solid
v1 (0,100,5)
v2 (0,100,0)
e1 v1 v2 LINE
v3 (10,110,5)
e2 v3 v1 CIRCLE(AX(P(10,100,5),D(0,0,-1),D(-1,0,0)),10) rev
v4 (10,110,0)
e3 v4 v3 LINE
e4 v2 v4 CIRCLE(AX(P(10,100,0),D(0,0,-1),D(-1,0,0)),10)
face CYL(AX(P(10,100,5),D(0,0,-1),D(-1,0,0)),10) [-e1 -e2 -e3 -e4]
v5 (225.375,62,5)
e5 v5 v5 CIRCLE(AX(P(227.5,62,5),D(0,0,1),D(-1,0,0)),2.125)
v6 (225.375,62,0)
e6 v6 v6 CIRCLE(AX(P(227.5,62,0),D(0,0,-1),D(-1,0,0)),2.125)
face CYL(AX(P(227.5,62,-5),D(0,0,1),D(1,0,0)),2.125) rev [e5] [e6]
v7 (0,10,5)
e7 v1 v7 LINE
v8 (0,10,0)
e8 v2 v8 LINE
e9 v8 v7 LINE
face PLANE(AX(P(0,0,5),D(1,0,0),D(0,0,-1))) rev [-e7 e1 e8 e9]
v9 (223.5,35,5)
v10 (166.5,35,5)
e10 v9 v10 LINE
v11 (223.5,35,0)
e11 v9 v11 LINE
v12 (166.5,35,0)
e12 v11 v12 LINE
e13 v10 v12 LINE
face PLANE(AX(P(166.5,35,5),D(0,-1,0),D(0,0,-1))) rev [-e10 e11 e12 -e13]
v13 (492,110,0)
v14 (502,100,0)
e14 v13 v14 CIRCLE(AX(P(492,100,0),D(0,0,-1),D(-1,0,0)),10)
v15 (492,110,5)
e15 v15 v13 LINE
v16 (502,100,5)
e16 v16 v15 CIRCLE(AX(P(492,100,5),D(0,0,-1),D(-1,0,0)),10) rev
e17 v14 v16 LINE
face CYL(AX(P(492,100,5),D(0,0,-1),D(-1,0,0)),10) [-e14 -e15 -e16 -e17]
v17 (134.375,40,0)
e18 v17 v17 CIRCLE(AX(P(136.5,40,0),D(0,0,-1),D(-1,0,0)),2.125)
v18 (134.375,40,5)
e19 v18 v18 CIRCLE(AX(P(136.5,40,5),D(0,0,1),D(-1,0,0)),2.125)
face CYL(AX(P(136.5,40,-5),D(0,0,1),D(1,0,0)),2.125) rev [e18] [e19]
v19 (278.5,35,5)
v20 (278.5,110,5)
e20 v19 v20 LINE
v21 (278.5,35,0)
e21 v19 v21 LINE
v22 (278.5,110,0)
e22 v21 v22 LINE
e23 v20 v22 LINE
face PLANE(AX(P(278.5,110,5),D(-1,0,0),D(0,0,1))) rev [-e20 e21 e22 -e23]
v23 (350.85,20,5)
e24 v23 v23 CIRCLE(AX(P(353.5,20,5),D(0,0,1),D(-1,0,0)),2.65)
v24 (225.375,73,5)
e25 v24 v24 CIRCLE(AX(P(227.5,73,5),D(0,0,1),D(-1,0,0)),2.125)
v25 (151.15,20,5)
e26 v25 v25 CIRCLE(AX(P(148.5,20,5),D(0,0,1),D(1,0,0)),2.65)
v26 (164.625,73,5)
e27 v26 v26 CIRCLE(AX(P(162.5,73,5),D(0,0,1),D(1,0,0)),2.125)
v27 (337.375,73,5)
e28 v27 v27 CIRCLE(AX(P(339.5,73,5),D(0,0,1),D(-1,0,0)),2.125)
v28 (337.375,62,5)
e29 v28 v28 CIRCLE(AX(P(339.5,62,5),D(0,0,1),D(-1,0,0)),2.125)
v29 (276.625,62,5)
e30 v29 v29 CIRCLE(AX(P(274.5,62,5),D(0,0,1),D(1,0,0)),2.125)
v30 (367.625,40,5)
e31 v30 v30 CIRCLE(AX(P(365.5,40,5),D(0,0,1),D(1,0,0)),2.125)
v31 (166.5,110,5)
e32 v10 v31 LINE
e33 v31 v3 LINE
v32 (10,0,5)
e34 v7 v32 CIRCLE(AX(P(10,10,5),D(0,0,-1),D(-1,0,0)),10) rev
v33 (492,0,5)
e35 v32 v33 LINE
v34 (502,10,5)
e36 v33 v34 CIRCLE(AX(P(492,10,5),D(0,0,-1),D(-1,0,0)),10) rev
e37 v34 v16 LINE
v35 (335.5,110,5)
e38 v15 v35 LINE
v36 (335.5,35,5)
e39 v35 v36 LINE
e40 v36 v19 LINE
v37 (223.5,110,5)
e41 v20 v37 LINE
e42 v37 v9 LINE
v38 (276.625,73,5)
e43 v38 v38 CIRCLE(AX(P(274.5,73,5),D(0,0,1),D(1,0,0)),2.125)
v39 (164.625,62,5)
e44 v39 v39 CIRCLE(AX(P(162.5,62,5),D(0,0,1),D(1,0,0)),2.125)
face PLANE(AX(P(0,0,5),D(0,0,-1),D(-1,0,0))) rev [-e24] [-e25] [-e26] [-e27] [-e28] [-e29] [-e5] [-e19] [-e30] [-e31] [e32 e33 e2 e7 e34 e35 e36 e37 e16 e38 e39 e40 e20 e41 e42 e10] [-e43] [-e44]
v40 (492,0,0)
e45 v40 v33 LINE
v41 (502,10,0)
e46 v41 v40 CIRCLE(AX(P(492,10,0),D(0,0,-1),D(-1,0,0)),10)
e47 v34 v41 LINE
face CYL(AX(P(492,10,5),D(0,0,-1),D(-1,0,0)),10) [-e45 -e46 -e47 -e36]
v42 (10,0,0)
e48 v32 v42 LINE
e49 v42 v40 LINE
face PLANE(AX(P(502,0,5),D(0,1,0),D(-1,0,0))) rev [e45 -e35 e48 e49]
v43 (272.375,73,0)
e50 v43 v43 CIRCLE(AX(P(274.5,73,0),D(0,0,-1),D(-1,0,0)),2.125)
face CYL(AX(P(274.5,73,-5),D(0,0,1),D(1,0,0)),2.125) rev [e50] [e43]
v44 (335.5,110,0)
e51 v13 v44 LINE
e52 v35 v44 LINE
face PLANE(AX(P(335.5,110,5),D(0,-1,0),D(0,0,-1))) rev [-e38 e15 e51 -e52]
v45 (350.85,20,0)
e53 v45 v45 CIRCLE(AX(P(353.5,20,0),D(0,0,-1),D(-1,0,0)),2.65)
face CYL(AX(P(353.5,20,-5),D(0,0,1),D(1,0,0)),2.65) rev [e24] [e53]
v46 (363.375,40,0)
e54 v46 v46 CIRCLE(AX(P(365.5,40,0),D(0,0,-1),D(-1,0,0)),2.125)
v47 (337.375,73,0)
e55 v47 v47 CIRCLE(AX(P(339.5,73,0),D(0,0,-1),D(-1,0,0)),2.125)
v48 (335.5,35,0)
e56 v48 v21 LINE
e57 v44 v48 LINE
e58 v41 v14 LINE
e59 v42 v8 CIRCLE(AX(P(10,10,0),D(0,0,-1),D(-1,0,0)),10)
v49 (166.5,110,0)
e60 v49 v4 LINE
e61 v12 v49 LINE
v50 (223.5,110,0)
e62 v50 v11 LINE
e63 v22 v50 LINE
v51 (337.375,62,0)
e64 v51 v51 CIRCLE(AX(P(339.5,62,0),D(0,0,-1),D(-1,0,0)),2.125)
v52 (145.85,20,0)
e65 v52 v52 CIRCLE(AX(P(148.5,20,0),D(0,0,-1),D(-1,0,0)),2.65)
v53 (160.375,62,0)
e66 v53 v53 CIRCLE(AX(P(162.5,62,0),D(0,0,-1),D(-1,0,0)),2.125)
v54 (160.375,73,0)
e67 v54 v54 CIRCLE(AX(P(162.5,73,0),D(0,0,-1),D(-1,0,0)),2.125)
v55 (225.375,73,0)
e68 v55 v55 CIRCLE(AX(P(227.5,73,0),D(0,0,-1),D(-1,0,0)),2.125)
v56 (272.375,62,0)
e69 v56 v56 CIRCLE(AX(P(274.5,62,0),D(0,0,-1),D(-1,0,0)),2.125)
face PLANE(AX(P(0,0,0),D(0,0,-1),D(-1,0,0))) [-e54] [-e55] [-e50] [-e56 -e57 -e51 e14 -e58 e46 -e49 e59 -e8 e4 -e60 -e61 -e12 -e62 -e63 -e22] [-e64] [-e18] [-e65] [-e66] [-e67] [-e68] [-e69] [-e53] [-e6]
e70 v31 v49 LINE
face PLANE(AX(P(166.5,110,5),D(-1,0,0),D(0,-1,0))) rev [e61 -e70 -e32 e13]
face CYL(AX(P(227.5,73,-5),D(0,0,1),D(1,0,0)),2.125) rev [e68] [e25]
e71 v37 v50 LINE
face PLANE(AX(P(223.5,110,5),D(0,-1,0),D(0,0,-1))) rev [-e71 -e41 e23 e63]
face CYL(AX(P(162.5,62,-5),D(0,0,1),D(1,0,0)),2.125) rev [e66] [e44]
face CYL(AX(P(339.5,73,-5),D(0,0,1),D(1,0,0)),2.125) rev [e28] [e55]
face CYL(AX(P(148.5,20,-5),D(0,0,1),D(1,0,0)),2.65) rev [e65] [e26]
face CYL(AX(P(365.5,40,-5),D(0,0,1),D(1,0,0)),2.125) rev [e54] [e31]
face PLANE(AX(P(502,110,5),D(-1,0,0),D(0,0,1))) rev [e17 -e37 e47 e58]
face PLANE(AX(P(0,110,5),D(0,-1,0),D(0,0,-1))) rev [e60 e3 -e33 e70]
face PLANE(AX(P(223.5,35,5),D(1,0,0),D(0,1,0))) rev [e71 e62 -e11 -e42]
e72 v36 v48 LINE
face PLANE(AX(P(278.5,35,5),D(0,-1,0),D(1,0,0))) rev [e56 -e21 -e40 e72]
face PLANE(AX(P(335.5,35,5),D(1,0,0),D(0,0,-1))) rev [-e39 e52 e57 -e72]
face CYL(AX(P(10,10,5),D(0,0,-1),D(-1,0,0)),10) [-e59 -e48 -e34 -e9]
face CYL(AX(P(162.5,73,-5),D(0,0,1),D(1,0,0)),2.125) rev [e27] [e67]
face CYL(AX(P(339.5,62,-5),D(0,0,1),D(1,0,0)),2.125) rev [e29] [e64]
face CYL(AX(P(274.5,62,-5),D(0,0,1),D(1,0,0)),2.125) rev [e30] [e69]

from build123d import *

# Parameters (mm, degrees)
BOSS_EXTRUDE1_DEPTH = 5
SKETCH3_R           = 2.125
CUT_EXTRUDE1_DEPTH  = 10
FILLET1_R           = 10
SKETCH4_R           = 2.65
CUT_EXTRUDE2_DEPTH  = 10
SKETCH5_R           = 2.125
CUT_EXTRUDE3_DEPTH  = 10


with BuildPart() as part:
    # Sketch1 → Boss-Extrude1 (new body)
    with BuildSketch(Plane.XY):
        Polygon((0, 0), (0, 110), (166.5, 110), (166.5, 35), (223.5, 35), (223.5, 110), (278.5, 110), (278.5, 35), (335.5, 35), (335.5, 110), (502, 110), (502, 0), align=None)
    extrude(amount=BOSS_EXTRUDE1_DEPTH)

    # Sketch3 → Cut-Extrude1 (cut)
    with BuildSketch(Plane.XY.offset(5)):
        with Locations((162.5, 73)):
            Circle(SKETCH3_R)
        with Locations((162.5, 62)):
            Circle(SKETCH3_R)
        with Locations(Location((227.5, 62, 0), (0, 0, 180))):
            Circle(SKETCH3_R)
        with Locations(Location((227.5, 73, 0), (0, 0, 180))):
            Circle(SKETCH3_R)
        with Locations((274.5, 73)):
            Circle(SKETCH3_R)
        with Locations((274.5, 62)):
            Circle(SKETCH3_R)
        with Locations(Location((339.5, 62, 0), (0, 0, 180))):
            Circle(SKETCH3_R)
        with Locations(Location((339.5, 73, 0), (0, 0, 180))):
            Circle(SKETCH3_R)
    extrude(amount=-CUT_EXTRUDE1_DEPTH, mode=Mode.SUBTRACT)

    # Fillet1
    fillet1_edges = [part.edges().sort_by_distance(p)[0] for p in [
        (0, 0, 2.5),
        (0, 110, 2.5),
        (502, 110, 2.5),
        (502, 0, 2.5),
    ]]
    fillet(fillet1_edges, radius=FILLET1_R)

    # Sketch4 → Cut-Extrude2 (cut)
    with BuildSketch(Plane.XY.offset(5)):
        with Locations((148.5, 20)):
            Circle(SKETCH4_R)
        with Locations(Location((353.5, 20, 0), (0, 0, 180))):
            Circle(SKETCH4_R)
    extrude(amount=-CUT_EXTRUDE2_DEPTH, mode=Mode.SUBTRACT)

    # Sketch5 → Cut-Extrude3 (cut)
    with BuildSketch(Plane.XY.offset(5)):
        with Locations((365.5, 40)):
            Circle(SKETCH5_R)
        with Locations(Location((136.5, 40, 0), (0, 0, 180))):
            Circle(SKETCH5_R)
    extrude(amount=-CUT_EXTRUDE3_DEPTH, mode=Mode.SUBTRACT)


solid = part.part
